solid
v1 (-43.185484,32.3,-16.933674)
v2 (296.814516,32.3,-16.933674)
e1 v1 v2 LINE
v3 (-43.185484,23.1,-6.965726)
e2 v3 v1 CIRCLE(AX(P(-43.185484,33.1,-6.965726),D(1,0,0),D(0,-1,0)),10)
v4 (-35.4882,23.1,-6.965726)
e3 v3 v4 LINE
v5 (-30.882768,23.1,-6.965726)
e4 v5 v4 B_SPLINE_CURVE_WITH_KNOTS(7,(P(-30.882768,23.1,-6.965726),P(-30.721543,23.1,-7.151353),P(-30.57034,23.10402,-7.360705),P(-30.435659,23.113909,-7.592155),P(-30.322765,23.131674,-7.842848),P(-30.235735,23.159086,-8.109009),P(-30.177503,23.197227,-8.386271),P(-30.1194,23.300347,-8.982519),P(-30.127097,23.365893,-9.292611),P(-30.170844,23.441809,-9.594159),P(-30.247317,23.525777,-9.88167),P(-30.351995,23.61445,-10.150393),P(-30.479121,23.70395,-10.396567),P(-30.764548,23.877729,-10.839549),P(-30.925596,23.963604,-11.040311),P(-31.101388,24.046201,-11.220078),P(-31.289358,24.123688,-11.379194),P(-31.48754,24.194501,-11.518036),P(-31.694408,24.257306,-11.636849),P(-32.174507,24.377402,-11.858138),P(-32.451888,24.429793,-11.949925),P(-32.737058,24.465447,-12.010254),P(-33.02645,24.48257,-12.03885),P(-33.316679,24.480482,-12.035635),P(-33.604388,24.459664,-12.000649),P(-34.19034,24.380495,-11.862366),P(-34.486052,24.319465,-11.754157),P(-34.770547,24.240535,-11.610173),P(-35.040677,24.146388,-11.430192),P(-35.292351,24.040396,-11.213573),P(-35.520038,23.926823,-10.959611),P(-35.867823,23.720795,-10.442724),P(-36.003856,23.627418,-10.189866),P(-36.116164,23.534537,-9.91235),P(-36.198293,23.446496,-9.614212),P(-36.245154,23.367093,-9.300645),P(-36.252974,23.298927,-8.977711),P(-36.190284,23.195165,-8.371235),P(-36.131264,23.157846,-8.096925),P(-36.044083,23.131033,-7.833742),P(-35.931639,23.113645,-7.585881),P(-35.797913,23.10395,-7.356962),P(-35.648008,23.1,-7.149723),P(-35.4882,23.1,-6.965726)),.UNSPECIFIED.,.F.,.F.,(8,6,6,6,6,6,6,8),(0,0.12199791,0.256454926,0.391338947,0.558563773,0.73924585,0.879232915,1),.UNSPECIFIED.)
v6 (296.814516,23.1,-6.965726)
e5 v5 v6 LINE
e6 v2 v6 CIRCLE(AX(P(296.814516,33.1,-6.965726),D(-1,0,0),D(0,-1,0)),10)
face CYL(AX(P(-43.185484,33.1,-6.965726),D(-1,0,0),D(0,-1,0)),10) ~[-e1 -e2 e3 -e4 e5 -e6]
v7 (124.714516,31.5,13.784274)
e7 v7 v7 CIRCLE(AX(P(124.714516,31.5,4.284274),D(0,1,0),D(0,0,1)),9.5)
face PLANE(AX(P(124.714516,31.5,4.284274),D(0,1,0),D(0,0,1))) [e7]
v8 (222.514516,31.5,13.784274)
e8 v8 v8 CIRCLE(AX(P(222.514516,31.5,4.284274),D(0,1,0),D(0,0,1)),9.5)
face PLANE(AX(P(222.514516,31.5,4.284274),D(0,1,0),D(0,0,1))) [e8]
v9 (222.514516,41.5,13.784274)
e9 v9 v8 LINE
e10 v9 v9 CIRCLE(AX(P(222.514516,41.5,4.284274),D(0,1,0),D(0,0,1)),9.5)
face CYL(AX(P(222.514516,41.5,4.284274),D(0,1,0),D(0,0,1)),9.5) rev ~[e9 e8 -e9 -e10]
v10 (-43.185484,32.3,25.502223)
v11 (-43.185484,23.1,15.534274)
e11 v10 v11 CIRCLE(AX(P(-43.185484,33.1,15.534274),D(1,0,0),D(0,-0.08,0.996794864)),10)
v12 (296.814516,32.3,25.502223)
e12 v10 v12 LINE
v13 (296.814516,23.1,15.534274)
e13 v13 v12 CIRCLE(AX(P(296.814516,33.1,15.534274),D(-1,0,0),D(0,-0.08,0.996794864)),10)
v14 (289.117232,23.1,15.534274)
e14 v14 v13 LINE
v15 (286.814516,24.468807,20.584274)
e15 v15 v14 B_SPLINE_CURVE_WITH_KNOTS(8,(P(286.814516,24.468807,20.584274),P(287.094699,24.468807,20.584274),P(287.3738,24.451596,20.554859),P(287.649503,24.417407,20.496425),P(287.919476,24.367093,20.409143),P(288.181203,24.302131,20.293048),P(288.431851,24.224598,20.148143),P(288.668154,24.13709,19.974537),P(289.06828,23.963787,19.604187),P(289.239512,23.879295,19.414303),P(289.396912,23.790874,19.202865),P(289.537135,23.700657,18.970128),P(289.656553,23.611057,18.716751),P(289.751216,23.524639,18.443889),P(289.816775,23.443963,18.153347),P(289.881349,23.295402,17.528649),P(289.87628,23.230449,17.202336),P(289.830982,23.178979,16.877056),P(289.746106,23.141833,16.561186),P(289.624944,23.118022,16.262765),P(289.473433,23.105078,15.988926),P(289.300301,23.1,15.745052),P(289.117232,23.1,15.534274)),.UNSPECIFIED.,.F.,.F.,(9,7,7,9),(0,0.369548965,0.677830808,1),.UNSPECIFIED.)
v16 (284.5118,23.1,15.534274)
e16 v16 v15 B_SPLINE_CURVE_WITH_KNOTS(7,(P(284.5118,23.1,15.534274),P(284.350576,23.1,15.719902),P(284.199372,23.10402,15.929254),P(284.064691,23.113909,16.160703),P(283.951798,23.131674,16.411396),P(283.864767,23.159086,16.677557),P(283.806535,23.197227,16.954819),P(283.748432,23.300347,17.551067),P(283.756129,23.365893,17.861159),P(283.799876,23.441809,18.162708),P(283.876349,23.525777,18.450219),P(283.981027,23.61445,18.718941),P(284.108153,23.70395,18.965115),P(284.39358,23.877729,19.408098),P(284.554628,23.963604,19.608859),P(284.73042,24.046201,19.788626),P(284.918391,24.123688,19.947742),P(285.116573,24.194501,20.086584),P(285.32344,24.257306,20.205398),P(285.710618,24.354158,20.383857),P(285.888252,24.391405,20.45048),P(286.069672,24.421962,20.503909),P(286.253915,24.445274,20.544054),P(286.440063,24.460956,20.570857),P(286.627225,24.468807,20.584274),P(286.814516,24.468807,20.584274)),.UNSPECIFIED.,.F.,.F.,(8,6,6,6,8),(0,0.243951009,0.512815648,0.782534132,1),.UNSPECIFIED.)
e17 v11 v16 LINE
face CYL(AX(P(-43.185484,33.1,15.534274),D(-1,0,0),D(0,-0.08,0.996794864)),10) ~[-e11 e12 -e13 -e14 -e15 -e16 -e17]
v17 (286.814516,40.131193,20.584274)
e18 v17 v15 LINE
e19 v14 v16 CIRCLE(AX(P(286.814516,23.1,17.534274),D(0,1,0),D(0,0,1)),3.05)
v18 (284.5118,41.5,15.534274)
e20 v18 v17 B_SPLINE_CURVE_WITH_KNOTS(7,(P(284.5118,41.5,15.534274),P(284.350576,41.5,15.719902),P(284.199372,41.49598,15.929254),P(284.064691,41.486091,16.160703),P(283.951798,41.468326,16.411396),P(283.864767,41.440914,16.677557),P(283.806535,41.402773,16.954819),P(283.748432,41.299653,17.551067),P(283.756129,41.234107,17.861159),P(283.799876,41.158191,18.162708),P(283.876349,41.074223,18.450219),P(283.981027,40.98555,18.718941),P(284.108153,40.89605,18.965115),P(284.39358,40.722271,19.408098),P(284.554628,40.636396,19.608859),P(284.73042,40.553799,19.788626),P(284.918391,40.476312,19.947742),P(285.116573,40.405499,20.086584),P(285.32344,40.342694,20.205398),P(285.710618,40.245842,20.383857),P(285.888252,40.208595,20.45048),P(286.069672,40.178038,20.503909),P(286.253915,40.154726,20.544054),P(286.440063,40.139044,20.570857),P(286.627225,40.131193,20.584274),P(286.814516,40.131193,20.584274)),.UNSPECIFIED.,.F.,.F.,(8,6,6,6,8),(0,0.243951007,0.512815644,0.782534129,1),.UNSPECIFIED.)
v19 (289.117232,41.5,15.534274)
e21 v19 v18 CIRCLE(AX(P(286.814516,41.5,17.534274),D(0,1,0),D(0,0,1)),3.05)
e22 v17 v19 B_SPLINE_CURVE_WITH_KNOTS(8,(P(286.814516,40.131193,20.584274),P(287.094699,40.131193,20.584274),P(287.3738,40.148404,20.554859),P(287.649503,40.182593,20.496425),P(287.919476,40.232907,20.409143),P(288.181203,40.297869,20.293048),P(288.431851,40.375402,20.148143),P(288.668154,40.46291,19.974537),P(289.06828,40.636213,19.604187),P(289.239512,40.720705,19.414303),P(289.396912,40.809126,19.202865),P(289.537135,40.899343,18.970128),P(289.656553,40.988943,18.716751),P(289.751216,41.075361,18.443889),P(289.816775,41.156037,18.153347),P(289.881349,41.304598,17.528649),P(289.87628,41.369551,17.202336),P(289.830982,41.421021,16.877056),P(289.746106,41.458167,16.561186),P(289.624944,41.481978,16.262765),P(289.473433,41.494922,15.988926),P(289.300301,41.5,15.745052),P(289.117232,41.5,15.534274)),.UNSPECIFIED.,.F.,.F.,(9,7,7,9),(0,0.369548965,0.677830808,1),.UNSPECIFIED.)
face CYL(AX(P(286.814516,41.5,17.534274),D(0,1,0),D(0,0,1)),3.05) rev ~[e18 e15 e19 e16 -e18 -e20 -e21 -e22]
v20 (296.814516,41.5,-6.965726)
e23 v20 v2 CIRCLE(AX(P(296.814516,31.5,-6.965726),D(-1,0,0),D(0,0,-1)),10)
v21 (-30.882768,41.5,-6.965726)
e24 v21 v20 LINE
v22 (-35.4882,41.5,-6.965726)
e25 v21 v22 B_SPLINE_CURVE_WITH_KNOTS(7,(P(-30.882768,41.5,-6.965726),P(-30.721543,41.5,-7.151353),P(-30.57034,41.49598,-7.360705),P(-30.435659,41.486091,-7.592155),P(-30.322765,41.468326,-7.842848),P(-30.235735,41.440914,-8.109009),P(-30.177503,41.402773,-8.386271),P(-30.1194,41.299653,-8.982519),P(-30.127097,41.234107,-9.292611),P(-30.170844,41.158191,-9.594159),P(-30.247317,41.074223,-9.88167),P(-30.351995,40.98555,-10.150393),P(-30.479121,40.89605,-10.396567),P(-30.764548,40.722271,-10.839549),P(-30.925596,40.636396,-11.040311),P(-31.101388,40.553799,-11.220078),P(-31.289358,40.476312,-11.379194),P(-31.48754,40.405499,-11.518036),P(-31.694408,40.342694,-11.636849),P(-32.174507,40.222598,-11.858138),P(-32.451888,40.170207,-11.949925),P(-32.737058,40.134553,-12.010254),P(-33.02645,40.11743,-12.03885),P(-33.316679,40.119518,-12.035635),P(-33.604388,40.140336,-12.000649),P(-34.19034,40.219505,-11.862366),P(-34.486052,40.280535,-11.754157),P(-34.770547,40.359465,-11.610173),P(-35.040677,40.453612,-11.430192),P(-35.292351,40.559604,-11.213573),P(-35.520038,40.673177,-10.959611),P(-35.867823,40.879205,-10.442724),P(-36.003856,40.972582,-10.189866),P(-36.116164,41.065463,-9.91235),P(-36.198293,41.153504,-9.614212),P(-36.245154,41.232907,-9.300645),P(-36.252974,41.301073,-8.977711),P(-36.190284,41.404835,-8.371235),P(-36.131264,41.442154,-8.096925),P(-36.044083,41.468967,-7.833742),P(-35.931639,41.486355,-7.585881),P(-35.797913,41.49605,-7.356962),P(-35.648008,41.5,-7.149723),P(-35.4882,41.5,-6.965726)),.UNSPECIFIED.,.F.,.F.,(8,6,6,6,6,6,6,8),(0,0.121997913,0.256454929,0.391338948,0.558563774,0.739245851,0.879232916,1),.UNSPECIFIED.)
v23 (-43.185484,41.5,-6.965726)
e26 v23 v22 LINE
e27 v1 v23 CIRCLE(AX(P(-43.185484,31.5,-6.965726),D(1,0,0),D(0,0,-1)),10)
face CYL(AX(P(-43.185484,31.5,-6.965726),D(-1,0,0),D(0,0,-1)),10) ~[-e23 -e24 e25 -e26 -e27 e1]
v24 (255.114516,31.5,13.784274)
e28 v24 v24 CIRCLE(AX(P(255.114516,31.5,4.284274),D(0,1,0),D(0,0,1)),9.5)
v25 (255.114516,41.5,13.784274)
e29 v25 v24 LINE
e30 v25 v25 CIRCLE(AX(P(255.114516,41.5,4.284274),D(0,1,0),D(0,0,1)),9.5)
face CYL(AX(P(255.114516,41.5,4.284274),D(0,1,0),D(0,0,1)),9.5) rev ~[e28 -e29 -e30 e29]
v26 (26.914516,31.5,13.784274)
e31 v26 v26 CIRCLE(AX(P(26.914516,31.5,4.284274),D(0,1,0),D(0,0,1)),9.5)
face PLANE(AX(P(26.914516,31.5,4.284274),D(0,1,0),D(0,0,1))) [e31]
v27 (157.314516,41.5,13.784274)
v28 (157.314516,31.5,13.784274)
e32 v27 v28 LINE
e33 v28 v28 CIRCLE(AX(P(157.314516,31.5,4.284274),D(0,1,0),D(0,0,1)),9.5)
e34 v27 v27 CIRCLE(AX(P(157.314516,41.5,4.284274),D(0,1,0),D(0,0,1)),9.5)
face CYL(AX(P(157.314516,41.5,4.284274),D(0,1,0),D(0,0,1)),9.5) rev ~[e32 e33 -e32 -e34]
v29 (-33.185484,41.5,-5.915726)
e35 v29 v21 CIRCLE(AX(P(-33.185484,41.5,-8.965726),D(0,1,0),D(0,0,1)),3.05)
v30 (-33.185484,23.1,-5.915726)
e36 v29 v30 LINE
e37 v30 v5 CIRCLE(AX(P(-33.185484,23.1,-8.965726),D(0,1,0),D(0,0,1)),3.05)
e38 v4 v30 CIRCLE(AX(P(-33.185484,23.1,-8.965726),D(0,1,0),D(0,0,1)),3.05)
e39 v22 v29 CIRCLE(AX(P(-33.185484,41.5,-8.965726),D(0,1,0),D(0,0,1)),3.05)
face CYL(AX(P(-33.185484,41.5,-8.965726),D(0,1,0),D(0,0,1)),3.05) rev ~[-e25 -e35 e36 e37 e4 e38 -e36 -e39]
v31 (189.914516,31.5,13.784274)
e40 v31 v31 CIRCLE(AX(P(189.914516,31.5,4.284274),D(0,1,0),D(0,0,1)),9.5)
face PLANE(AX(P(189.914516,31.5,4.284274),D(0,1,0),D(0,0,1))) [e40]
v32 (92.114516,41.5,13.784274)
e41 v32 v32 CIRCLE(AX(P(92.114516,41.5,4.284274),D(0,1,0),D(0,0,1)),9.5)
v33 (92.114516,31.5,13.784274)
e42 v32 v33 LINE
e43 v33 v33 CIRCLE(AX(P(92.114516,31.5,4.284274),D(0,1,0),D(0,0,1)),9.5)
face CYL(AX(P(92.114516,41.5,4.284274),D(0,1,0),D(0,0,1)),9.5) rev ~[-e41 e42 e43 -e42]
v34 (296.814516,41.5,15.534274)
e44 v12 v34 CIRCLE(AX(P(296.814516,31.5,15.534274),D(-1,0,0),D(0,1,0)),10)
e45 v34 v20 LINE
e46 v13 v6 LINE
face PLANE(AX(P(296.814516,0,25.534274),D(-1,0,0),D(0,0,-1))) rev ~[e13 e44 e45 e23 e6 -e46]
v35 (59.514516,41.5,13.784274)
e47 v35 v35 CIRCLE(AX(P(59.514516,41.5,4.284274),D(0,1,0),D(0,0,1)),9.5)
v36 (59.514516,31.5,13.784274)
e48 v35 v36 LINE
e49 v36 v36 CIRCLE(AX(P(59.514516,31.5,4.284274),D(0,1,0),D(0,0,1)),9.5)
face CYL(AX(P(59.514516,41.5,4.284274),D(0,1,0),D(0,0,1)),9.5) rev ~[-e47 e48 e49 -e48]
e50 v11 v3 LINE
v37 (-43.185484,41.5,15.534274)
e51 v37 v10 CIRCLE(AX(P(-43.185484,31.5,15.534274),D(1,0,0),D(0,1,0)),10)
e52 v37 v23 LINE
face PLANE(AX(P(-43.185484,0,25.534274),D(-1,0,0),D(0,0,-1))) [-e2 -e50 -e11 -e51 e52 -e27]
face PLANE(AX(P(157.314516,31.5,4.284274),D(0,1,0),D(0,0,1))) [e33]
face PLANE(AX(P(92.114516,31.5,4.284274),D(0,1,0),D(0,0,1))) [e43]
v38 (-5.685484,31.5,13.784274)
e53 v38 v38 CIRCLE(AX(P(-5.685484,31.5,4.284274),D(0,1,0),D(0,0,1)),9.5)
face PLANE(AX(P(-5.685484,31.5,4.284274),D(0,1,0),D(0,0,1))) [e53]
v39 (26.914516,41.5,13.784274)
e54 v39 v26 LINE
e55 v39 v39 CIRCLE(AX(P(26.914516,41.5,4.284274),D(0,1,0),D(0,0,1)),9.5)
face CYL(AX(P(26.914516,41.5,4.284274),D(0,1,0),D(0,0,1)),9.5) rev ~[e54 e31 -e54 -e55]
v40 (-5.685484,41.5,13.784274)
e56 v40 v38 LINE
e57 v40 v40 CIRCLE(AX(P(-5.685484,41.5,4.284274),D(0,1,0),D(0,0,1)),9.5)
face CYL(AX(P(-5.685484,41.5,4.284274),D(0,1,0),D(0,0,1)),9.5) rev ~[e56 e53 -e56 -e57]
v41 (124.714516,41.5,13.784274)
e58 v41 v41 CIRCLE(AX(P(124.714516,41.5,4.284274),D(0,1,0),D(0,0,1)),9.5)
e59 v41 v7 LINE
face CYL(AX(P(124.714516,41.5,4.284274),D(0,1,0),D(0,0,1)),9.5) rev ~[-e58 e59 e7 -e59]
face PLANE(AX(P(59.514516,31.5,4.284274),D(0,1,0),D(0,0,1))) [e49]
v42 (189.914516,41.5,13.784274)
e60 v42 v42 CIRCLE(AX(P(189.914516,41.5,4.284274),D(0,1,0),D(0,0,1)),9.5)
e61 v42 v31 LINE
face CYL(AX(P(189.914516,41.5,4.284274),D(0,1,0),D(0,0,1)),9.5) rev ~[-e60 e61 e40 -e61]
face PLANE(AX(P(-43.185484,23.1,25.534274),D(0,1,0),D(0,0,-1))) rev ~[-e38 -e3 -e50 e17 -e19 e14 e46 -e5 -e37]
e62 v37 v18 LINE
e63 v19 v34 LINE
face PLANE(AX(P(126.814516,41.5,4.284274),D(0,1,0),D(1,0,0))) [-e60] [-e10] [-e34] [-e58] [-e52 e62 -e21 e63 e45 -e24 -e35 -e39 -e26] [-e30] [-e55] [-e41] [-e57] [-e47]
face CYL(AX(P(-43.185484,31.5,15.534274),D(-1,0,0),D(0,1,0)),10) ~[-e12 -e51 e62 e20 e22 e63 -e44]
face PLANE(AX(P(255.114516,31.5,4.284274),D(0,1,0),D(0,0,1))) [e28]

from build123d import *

# Parameters (mm, degrees)
SKETCH1_W           = 340
SKETCH1_H           = 42.5
BOSS_EXTRUDE1_DEPTH = 41.5
SKETCH2_R           = 9.5
CUT_EXTRUDE1_DEPTH  = 10
SKETCH4_R           = 3.05
CUT_EXTRUDE3_DEPTH  = 301.787476707
CUT_EXTRUDE4_DEPTH  = 344.473796902
CUT_EXTRUDE5_DEPTH  = 344.473797021
CUT_EXTRUDE6_DEPTH  = 344.473797021


with BuildPart() as part:
    # Sketch1 → Boss-Extrude1 (new body)
    with BuildSketch(Plane(origin=(0, 0, 0), x_dir=(1, 0, 0), z_dir=(0, 1, 0))):
        with Locations((126.814516129, -4.284274194)):
            Rectangle(SKETCH1_W, SKETCH1_H)
    extrude(amount=BOSS_EXTRUDE1_DEPTH)

    # Sketch2 → Cut-Extrude1 (cut)
    with BuildSketch(Plane(origin=(0, 41.5, 0), x_dir=(1, 0, 0), z_dir=(0, 1, 0))):
        with Locations(Location((-5.685483871, -4.284274194, 0), (0, 0, 270))):
            Circle(SKETCH2_R)
        with Locations(Location((26.914516129, -4.284274194, 0), (0, 0, 270))):
            Circle(SKETCH2_R)
        with Locations(Location((59.514516129, -4.284274194, 0), (0, 0, 270))):
            Circle(SKETCH2_R)
        with Locations(Location((92.114516129, -4.284274194, 0), (0, 0, 270))):
            Circle(SKETCH2_R)
        with Locations(Location((124.714516129, -4.284274194, 0), (0, 0, 270))):
            Circle(SKETCH2_R)
        with Locations(Location((157.314516129, -4.284274194, 0), (0, 0, 270))):
            Circle(SKETCH2_R)
        with Locations(Location((189.914516129, -4.284274194, 0), (0, 0, 270))):
            Circle(SKETCH2_R)
        with Locations(Location((222.514516129, -4.284274194, 0), (0, 0, 270))):
            Circle(SKETCH2_R)
        with Locations(Location((255.114516129, -4.284274194, 0), (0, 0, 270))):
            Circle(SKETCH2_R)
    extrude(amount=-CUT_EXTRUDE1_DEPTH, mode=Mode.SUBTRACT)

    # Sketch4 → Cut-Extrude3 (cut, through all)
    with BuildSketch(Plane(origin=(0, 41.5, 0), x_dir=(1, 0, 0), z_dir=(0, 1, 0))):
        with Locations(Location((286.814516129, -17.534274194, 0), (0, 0, 270))):
            Circle(SKETCH4_R)
        with Locations(Location((-33.185483871, 8.965725806, 0), (0, 0, 270))):
            Circle(SKETCH4_R)
    extrude(amount=-CUT_EXTRUDE3_DEPTH, mode=Mode.SUBTRACT)

    # Sketch3 → Cut-Extrude4 (cut, through all)
    with BuildSketch(Plane.ZY.offset(43.185483871)):
        with BuildLine():
            Line((-6.965725806, 41.5), (-16.965725806, 41.5))
            Line((-16.965725806, 41.5), (-16.965725806, 31.5))
            ThreePointArc((-16.965725806, 31.5), (-14.036793618, 38.571067812), (-6.965725806, 41.5))
        make_face()
        with BuildLine():
            ThreePointArc((-6.965725806, 0), (-14.036793618, 2.928932188), (-16.965725806, 10))
            Line((-16.965725806, 10), (-16.965725806, 0))
            Line((-16.965725806, 0), (-6.965725806, 0))
        make_face()
        with BuildLine():
            Line((25.534274194, 0), (25.534274194, 10))
            ThreePointArc((25.534274194, 10), (22.605342005, 2.928932188), (15.534274194, 0))
            Line((15.534274194, 0), (25.534274194, 0))
        make_face()
        with BuildLine():
            Line((25.534274194, 41.5), (15.534274194, 41.5))
            ThreePointArc((15.534274194, 41.5), (22.605342005, 38.571067812), (25.534274194, 31.5))
            Line((25.534274194, 31.5), (25.534274194, 41.5))
        make_face()
    extrude(amount=-CUT_EXTRUDE4_DEPTH, mode=Mode.SUBTRACT)

    # Sketch5 → Cut-Extrude5 (cut, through all)
    with BuildSketch(Plane.ZY.offset(43.185483871)):
        with BuildLine():
            Line((25.534274194, 23.1), (4.284274194, 23.1))
            Line((4.284274194, 23.1), (-16.965725806, 23.1))
            Line((-16.965725806, 23.1), (-16.965725806, 10))
            ThreePointArc((-16.965725806, 10), (-14.036793618, 2.928932188), (-6.965725806, 0))
            Line((-6.965725806, 0), (15.534274194, 0))
            ThreePointArc((15.534274194, 0), (22.605342005, 2.928932188), (25.534274194, 10))
            Line((25.534274194, 10), (25.534274194, 23.1))
        make_face()
    extrude(amount=-CUT_EXTRUDE5_DEPTH, mode=Mode.SUBTRACT)

    # Sketch6 → Cut-Extrude6 (cut, through all)
    with BuildSketch(Plane.ZY.offset(43.185483871)):
        with BuildLine():
            ThreePointArc((-16.933674442, 32.3), (-16.957709752, 31.900320899), (-16.965725806, 31.5))
            Line((-16.965725806, 31.5), (-16.965725806, 23.1))
            Line((-16.965725806, 23.1), (-6.965725806, 23.1))
            ThreePointArc((-6.965725806, 23.1), (-13.74805579, 25.751530772), (-16.933674442, 32.3))
        make_face()
        with BuildLine():
            ThreePointArc((25.502222829, 32.3), (22.316604177, 25.751530772), (15.534274194, 23.1))
            Line((15.534274194, 23.1), (25.534274194, 23.1))
            Line((25.534274194, 23.1), (25.534274194, 31.5))
            ThreePointArc((25.534274194, 31.5), (25.52625814, 31.900320899), (25.502222829, 32.3))
        make_face()
    extrude(amount=-CUT_EXTRUDE6_DEPTH, mode=Mode.SUBTRACT)


solid = part.part
